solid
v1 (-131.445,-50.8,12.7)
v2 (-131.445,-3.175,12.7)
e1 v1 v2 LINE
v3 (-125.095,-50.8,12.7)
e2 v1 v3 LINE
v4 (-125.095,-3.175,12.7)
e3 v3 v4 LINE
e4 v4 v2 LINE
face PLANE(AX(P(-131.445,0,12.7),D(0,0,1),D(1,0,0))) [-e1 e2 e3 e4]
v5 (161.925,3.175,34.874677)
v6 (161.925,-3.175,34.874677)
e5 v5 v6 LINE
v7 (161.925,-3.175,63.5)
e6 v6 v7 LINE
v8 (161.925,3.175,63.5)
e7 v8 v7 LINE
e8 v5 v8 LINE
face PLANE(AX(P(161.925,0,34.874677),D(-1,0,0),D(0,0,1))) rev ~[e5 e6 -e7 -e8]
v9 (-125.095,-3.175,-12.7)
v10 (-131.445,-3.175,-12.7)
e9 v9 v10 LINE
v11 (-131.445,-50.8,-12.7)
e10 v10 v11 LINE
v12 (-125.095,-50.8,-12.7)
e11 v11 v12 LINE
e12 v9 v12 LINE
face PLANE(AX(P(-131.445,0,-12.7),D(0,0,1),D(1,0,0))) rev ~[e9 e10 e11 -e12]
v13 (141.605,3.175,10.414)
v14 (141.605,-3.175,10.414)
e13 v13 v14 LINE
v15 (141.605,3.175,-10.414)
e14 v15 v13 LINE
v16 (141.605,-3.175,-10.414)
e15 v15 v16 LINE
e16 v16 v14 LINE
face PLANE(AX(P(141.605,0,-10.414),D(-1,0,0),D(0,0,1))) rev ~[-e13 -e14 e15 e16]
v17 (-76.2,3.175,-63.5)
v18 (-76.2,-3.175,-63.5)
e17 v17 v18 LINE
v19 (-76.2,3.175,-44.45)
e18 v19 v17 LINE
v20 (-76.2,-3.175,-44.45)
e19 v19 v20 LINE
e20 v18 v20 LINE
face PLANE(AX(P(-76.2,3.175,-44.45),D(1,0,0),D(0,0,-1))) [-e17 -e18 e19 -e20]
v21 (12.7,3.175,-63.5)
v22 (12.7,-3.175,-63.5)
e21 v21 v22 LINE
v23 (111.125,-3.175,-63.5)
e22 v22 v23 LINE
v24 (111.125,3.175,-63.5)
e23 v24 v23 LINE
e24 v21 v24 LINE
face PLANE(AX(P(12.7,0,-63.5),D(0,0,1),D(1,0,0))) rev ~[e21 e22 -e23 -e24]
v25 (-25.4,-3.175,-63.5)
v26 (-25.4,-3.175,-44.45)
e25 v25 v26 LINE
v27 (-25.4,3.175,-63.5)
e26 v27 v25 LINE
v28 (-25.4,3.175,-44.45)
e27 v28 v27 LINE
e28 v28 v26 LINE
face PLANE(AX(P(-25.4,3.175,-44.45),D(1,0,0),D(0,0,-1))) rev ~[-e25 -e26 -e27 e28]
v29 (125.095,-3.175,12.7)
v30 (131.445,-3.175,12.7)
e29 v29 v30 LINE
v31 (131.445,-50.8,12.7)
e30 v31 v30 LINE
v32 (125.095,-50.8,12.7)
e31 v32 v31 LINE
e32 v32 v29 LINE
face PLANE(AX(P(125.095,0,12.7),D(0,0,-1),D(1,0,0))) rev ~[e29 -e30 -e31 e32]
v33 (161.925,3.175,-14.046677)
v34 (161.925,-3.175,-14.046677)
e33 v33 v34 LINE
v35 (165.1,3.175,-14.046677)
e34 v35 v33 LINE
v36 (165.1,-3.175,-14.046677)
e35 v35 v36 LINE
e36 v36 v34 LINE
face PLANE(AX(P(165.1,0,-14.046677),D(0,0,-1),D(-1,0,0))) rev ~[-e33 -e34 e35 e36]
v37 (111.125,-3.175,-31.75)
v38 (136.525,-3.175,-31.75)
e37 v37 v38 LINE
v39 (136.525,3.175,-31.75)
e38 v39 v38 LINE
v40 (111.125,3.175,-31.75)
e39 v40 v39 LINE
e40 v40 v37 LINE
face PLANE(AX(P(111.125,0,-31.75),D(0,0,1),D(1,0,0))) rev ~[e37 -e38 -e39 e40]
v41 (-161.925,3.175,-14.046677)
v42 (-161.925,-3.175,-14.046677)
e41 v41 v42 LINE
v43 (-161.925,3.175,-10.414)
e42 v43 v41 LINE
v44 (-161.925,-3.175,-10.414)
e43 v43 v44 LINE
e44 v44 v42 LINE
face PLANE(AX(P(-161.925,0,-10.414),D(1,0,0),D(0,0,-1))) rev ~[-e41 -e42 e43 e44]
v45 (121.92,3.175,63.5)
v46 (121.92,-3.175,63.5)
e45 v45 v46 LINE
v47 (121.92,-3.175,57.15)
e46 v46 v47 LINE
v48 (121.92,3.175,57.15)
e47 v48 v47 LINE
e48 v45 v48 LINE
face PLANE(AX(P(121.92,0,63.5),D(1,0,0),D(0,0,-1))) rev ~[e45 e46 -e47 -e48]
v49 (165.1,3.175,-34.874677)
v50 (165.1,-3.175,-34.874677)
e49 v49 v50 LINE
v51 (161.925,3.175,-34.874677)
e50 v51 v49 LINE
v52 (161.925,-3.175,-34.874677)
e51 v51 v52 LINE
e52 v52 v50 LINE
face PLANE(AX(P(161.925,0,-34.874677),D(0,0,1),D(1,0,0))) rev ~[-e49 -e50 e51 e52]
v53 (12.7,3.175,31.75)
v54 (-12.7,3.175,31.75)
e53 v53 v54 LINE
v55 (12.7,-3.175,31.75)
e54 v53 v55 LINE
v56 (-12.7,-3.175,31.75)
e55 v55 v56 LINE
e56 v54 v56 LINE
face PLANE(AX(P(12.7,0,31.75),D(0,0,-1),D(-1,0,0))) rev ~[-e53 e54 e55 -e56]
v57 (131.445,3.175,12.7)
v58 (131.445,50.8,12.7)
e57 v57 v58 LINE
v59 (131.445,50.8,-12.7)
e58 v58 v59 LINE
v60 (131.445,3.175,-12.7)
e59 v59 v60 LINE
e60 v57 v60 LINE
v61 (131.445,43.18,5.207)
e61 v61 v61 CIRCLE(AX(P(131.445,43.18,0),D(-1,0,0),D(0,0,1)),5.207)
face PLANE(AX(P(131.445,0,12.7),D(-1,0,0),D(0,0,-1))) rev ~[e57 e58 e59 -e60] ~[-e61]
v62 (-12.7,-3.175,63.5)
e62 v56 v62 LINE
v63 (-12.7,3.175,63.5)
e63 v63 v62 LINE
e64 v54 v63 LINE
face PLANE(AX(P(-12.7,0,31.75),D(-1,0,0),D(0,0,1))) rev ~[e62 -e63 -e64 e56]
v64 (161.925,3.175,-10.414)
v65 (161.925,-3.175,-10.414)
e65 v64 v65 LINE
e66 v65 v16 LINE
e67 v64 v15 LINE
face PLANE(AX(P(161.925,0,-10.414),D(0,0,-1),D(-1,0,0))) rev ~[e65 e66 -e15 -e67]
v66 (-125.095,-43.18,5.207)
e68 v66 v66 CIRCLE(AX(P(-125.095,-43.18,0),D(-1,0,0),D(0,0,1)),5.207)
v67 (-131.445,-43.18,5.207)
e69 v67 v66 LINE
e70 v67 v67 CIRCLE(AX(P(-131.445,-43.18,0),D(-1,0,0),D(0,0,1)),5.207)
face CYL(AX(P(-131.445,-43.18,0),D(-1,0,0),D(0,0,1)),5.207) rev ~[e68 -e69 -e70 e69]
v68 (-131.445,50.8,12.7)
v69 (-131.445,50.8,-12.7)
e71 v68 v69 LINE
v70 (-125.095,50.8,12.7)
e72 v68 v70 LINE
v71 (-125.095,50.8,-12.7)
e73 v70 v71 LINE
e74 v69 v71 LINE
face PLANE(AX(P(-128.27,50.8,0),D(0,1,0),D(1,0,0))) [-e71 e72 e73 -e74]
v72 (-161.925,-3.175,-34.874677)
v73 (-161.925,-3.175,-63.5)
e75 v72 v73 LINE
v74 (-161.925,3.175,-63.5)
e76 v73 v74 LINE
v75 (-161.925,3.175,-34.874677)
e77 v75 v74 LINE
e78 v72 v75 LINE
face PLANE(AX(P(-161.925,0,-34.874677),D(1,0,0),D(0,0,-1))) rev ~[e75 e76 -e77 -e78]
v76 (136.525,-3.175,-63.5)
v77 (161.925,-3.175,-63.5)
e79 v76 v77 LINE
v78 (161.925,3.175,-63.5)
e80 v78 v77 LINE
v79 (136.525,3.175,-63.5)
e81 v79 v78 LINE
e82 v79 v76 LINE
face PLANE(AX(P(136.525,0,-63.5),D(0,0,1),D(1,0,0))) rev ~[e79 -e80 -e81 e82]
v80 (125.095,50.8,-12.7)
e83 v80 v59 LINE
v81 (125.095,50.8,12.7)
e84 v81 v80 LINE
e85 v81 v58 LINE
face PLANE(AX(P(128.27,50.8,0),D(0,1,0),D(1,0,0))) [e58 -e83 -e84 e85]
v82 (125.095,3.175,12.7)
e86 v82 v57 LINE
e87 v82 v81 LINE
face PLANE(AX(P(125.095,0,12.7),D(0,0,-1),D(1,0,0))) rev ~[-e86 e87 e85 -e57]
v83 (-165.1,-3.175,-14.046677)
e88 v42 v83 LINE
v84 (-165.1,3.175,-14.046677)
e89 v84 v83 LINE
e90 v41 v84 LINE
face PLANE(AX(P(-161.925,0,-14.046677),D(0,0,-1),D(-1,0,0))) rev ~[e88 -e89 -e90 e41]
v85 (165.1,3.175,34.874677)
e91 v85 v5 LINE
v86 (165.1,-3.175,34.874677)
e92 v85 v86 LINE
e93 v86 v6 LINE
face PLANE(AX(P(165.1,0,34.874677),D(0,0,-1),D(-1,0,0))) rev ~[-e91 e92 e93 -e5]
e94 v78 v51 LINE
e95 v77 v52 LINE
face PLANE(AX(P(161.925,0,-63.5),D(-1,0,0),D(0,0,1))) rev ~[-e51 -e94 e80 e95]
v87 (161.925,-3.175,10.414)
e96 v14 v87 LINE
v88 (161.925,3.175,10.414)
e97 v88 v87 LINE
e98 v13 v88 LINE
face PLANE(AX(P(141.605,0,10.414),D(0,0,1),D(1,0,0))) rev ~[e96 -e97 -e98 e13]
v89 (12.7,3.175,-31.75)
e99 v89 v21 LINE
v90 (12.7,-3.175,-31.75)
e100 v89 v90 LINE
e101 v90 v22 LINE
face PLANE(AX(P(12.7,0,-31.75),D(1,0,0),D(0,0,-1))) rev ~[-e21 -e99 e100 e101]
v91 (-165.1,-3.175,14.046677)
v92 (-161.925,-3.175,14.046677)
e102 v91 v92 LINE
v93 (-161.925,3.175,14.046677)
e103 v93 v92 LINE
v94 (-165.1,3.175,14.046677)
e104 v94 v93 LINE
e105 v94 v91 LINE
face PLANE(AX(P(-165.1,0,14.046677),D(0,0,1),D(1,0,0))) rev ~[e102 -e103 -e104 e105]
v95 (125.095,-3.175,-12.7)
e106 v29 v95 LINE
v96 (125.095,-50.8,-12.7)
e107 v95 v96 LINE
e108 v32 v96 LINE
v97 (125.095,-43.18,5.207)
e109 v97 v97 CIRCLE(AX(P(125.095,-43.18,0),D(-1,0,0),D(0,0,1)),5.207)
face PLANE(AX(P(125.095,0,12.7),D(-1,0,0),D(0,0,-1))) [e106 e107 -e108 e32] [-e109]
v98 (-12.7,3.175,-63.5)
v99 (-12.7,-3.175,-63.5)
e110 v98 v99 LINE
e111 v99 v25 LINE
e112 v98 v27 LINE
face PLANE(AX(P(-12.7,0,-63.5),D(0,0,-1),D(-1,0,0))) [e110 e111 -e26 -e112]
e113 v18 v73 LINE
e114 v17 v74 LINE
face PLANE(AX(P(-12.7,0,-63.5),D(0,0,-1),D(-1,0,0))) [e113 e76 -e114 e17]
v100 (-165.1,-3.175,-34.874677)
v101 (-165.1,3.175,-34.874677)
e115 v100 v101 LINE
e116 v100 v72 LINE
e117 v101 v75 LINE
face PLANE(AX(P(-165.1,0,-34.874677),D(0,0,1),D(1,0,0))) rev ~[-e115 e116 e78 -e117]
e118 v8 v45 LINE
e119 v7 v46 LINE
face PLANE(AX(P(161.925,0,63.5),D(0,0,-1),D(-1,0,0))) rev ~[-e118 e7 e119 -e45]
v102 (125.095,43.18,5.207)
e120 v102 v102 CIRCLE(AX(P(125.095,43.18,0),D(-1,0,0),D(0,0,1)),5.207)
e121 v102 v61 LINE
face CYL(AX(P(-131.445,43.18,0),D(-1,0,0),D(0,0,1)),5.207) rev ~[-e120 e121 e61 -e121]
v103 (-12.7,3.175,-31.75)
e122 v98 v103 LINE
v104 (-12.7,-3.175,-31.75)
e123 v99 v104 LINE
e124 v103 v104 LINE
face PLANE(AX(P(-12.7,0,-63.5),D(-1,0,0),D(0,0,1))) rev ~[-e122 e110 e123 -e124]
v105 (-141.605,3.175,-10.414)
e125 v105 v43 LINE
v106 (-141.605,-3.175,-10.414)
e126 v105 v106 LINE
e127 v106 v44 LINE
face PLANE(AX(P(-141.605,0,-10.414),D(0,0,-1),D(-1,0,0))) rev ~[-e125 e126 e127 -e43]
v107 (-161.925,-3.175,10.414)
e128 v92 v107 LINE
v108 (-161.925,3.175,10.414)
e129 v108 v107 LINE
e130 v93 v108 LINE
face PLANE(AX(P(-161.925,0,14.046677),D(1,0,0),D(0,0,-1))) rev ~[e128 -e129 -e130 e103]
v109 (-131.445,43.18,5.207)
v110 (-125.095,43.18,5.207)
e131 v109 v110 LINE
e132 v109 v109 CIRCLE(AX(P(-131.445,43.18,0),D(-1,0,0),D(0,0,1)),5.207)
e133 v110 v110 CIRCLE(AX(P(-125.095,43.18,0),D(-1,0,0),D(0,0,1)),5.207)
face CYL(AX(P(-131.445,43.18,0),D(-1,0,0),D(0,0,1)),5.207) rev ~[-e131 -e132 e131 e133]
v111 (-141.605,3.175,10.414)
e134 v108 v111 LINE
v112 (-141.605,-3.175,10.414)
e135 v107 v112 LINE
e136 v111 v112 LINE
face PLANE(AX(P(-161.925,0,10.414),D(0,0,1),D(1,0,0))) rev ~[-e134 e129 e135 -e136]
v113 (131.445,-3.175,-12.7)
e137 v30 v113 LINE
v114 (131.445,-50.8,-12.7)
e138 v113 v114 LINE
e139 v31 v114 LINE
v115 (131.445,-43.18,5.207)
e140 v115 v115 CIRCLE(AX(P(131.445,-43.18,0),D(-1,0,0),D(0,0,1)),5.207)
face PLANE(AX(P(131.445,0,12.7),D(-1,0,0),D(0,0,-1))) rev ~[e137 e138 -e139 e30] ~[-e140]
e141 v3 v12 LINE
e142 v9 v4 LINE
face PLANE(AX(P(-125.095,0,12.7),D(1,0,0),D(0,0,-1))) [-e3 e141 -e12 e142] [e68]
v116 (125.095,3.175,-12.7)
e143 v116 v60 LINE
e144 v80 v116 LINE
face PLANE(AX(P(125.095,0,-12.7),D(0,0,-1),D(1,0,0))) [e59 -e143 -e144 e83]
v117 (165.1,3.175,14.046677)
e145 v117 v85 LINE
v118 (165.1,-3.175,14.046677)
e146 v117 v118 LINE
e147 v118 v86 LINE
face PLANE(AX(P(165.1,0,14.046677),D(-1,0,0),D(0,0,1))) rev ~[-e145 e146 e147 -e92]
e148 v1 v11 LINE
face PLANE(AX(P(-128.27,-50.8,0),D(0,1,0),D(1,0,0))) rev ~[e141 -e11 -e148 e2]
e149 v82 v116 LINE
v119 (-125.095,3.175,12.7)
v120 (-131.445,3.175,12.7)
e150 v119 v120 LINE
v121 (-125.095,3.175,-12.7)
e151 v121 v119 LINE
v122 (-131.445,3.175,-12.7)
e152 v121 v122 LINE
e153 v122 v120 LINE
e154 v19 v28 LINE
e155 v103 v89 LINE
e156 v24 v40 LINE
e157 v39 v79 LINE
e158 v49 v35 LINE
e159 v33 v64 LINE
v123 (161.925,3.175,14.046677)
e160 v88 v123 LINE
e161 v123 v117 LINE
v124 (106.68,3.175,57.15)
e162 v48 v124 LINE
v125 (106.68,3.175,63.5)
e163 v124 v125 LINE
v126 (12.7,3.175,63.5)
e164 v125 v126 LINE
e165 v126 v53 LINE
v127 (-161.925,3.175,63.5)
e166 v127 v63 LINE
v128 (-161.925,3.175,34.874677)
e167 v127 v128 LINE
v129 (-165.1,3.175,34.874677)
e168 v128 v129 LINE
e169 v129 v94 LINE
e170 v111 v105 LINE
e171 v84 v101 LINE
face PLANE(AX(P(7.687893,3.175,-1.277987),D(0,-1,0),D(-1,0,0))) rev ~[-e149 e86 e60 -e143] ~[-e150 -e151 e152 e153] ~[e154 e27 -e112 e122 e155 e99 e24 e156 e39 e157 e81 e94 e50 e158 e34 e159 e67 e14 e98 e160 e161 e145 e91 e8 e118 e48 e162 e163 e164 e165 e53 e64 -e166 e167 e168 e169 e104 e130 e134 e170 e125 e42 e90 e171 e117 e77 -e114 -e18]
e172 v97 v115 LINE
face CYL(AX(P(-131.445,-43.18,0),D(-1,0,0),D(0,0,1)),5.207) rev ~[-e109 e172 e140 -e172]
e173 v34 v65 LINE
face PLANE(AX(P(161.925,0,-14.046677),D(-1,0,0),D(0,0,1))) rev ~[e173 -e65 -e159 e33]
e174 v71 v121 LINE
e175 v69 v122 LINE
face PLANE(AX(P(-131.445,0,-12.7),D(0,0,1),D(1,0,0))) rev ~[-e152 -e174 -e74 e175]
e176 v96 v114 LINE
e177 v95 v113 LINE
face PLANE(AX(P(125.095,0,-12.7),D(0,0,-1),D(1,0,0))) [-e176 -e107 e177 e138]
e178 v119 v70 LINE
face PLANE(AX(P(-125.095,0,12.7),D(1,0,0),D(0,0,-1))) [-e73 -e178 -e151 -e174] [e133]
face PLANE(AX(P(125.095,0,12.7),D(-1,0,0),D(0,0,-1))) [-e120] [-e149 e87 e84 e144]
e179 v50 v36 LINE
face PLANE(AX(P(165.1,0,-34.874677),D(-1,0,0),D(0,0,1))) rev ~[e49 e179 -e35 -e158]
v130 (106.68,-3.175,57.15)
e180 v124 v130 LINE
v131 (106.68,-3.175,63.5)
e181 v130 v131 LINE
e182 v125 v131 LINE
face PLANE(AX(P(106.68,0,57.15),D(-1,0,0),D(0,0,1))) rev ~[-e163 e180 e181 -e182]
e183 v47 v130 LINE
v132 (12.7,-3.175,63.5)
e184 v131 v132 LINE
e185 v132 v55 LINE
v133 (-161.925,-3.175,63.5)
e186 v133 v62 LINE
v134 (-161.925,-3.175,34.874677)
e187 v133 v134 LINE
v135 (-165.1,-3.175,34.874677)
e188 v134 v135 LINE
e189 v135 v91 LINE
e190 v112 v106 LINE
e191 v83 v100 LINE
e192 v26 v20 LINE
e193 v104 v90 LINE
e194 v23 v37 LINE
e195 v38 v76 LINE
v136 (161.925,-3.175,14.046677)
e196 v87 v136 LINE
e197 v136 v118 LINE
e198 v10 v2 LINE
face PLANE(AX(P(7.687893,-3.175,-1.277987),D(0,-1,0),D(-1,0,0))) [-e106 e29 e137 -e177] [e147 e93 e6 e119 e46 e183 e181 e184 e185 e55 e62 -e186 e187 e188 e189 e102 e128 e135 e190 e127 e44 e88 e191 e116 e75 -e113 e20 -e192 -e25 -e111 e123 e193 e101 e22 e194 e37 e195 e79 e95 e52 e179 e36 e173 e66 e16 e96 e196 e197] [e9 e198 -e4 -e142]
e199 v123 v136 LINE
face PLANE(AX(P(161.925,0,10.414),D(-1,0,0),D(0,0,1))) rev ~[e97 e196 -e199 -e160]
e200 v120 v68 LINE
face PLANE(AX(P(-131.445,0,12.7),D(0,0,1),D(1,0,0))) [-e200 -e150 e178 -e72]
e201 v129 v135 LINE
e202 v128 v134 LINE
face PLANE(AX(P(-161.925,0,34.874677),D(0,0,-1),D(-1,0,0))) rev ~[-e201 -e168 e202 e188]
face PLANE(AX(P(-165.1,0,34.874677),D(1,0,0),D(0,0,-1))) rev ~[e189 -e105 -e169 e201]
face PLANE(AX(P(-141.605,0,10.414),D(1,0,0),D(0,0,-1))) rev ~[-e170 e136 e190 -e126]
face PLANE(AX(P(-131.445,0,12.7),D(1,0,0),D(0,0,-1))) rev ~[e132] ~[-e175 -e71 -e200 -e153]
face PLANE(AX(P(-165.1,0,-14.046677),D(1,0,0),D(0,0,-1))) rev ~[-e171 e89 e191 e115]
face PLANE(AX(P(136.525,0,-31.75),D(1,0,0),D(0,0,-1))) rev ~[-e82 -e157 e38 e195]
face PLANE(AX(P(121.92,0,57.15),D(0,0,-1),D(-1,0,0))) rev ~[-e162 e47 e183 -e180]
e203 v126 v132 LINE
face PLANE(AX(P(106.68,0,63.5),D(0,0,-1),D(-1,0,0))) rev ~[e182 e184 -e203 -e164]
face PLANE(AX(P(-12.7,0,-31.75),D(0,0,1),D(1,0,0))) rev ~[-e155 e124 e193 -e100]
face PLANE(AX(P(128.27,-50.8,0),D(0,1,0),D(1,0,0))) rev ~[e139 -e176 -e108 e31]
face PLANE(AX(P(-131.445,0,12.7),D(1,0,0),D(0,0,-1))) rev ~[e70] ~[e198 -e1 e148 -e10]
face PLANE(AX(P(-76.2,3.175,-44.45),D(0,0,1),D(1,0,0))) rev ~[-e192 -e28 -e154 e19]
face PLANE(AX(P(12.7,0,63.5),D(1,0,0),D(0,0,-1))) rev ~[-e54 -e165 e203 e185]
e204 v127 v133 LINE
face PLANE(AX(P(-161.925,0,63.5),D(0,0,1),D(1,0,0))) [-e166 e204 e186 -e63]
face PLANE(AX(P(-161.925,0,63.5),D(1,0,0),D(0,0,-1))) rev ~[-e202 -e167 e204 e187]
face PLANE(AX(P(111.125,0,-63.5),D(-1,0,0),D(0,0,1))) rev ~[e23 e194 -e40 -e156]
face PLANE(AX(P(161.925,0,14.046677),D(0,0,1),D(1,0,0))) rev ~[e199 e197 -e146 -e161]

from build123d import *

# Parameters (mm, degrees)
BOSS_EXTRUDE1_DEPTH     = 3.175
SKETCH2_W               = 6.35
SKETCH2_H               = 25.4
BOSS_EXTRUDE2_DEPTH     = 50.8
SKETCH3_R               = 5.207
CUT_EXTRUDE1_DEPTH      = 34.655
CUT_EXTRUDE1_DEPTH_BACK = 297.545
SKETCH4_W               = 50.8
SKETCH4_H               = 19.05
CUT_EXTRUDE2_DEPTH      = 54.975


with BuildPart() as part:
    # Sketch1 → Boss-Extrude1 (new body, symmetric)
    with BuildSketch(Plane(origin=(0, 0, 0), x_dir=(1, 0, 0), z_dir=(0, 1, 0))):
        Polygon((-136.779, 63.5), (-111.379, 63.5), (-12.7, 63.5), (-12.7, 31.75), (12.7, 31.75), (12.7, 63.5), (111.125, 63.5), (111.125, 31.75), (136.525, 31.75), (136.525, 63.5), (161.925, 63.5), (161.925, 34.874677354), (165.1, 34.874677354), (165.1, 14.046677354), (161.925, 14.046677354), (161.925, 10.414), (141.605, 10.414), (141.605, -10.414), (161.925, -10.414), (161.925, -14.046677354), (165.1, -14.046677354), (165.1, -34.874677354), (161.925, -34.874677354), (161.925, -63.5), (121.92, -63.5), (121.92, -57.15), (106.68, -57.15), (106.68, -63.5), (12.7, -63.5), (12.7, -31.75), (-12.7, -31.75), (-12.7, -63.5), (-106.68, -63.5), (-110.5408, -63.5), (-135.9408, -63.5), (-161.925, -63.5), (-161.925, -34.874677354), (-165.1, -34.874677354), (-165.1, -14.046677354), (-161.925, -14.046677354), (-161.925, -10.414), (-141.605, -10.414), (-141.605, 10.414), (-161.925, 10.414), (-161.925, 14.046677354), (-165.1, 14.046677354), (-165.1, 34.874677354), (-161.925, 34.874677354), (-161.925, 63.5), align=None)
    extrude(amount=BOSS_EXTRUDE1_DEPTH, both=True)

    # Sketch2 → Boss-Extrude2 (add, symmetric)
    with BuildSketch(Plane(origin=(0, 0, 0), x_dir=(1, 0, 0), z_dir=(0, 1, 0))):
        with Locations((128.27, 0)):
            Rectangle(SKETCH2_W, SKETCH2_H)
        with Locations((-128.27, 0)):
            Rectangle(SKETCH2_W, SKETCH2_H)
    extrude(amount=BOSS_EXTRUDE2_DEPTH, both=True)

    # Sketch3 → Cut-Extrude1 (cut, two sides)
    with BuildSketch(Plane.ZY.offset(131.445)) as cut_extrude1_sk:
        with Locations((0, 43.18)):
            Circle(SKETCH3_R)
        with Locations((0, -43.18)):
            Circle(SKETCH3_R)
    extrude(amount=CUT_EXTRUDE1_DEPTH, mode=Mode.SUBTRACT)
    extrude(cut_extrude1_sk.sketch, amount=-CUT_EXTRUDE1_DEPTH_BACK, mode=Mode.SUBTRACT)

    # Sketch4 → Cut-Extrude2 (cut, through all)
    with BuildSketch(Plane(origin=(0, 3.175, 0), x_dir=(1, 0, 0), z_dir=(0, 1, 0))):
        with Locations((-50.8, 53.975)):
            Rectangle(SKETCH4_W, SKETCH4_H)
    extrude(amount=-CUT_EXTRUDE2_DEPTH, mode=Mode.SUBTRACT)


solid = part.part
